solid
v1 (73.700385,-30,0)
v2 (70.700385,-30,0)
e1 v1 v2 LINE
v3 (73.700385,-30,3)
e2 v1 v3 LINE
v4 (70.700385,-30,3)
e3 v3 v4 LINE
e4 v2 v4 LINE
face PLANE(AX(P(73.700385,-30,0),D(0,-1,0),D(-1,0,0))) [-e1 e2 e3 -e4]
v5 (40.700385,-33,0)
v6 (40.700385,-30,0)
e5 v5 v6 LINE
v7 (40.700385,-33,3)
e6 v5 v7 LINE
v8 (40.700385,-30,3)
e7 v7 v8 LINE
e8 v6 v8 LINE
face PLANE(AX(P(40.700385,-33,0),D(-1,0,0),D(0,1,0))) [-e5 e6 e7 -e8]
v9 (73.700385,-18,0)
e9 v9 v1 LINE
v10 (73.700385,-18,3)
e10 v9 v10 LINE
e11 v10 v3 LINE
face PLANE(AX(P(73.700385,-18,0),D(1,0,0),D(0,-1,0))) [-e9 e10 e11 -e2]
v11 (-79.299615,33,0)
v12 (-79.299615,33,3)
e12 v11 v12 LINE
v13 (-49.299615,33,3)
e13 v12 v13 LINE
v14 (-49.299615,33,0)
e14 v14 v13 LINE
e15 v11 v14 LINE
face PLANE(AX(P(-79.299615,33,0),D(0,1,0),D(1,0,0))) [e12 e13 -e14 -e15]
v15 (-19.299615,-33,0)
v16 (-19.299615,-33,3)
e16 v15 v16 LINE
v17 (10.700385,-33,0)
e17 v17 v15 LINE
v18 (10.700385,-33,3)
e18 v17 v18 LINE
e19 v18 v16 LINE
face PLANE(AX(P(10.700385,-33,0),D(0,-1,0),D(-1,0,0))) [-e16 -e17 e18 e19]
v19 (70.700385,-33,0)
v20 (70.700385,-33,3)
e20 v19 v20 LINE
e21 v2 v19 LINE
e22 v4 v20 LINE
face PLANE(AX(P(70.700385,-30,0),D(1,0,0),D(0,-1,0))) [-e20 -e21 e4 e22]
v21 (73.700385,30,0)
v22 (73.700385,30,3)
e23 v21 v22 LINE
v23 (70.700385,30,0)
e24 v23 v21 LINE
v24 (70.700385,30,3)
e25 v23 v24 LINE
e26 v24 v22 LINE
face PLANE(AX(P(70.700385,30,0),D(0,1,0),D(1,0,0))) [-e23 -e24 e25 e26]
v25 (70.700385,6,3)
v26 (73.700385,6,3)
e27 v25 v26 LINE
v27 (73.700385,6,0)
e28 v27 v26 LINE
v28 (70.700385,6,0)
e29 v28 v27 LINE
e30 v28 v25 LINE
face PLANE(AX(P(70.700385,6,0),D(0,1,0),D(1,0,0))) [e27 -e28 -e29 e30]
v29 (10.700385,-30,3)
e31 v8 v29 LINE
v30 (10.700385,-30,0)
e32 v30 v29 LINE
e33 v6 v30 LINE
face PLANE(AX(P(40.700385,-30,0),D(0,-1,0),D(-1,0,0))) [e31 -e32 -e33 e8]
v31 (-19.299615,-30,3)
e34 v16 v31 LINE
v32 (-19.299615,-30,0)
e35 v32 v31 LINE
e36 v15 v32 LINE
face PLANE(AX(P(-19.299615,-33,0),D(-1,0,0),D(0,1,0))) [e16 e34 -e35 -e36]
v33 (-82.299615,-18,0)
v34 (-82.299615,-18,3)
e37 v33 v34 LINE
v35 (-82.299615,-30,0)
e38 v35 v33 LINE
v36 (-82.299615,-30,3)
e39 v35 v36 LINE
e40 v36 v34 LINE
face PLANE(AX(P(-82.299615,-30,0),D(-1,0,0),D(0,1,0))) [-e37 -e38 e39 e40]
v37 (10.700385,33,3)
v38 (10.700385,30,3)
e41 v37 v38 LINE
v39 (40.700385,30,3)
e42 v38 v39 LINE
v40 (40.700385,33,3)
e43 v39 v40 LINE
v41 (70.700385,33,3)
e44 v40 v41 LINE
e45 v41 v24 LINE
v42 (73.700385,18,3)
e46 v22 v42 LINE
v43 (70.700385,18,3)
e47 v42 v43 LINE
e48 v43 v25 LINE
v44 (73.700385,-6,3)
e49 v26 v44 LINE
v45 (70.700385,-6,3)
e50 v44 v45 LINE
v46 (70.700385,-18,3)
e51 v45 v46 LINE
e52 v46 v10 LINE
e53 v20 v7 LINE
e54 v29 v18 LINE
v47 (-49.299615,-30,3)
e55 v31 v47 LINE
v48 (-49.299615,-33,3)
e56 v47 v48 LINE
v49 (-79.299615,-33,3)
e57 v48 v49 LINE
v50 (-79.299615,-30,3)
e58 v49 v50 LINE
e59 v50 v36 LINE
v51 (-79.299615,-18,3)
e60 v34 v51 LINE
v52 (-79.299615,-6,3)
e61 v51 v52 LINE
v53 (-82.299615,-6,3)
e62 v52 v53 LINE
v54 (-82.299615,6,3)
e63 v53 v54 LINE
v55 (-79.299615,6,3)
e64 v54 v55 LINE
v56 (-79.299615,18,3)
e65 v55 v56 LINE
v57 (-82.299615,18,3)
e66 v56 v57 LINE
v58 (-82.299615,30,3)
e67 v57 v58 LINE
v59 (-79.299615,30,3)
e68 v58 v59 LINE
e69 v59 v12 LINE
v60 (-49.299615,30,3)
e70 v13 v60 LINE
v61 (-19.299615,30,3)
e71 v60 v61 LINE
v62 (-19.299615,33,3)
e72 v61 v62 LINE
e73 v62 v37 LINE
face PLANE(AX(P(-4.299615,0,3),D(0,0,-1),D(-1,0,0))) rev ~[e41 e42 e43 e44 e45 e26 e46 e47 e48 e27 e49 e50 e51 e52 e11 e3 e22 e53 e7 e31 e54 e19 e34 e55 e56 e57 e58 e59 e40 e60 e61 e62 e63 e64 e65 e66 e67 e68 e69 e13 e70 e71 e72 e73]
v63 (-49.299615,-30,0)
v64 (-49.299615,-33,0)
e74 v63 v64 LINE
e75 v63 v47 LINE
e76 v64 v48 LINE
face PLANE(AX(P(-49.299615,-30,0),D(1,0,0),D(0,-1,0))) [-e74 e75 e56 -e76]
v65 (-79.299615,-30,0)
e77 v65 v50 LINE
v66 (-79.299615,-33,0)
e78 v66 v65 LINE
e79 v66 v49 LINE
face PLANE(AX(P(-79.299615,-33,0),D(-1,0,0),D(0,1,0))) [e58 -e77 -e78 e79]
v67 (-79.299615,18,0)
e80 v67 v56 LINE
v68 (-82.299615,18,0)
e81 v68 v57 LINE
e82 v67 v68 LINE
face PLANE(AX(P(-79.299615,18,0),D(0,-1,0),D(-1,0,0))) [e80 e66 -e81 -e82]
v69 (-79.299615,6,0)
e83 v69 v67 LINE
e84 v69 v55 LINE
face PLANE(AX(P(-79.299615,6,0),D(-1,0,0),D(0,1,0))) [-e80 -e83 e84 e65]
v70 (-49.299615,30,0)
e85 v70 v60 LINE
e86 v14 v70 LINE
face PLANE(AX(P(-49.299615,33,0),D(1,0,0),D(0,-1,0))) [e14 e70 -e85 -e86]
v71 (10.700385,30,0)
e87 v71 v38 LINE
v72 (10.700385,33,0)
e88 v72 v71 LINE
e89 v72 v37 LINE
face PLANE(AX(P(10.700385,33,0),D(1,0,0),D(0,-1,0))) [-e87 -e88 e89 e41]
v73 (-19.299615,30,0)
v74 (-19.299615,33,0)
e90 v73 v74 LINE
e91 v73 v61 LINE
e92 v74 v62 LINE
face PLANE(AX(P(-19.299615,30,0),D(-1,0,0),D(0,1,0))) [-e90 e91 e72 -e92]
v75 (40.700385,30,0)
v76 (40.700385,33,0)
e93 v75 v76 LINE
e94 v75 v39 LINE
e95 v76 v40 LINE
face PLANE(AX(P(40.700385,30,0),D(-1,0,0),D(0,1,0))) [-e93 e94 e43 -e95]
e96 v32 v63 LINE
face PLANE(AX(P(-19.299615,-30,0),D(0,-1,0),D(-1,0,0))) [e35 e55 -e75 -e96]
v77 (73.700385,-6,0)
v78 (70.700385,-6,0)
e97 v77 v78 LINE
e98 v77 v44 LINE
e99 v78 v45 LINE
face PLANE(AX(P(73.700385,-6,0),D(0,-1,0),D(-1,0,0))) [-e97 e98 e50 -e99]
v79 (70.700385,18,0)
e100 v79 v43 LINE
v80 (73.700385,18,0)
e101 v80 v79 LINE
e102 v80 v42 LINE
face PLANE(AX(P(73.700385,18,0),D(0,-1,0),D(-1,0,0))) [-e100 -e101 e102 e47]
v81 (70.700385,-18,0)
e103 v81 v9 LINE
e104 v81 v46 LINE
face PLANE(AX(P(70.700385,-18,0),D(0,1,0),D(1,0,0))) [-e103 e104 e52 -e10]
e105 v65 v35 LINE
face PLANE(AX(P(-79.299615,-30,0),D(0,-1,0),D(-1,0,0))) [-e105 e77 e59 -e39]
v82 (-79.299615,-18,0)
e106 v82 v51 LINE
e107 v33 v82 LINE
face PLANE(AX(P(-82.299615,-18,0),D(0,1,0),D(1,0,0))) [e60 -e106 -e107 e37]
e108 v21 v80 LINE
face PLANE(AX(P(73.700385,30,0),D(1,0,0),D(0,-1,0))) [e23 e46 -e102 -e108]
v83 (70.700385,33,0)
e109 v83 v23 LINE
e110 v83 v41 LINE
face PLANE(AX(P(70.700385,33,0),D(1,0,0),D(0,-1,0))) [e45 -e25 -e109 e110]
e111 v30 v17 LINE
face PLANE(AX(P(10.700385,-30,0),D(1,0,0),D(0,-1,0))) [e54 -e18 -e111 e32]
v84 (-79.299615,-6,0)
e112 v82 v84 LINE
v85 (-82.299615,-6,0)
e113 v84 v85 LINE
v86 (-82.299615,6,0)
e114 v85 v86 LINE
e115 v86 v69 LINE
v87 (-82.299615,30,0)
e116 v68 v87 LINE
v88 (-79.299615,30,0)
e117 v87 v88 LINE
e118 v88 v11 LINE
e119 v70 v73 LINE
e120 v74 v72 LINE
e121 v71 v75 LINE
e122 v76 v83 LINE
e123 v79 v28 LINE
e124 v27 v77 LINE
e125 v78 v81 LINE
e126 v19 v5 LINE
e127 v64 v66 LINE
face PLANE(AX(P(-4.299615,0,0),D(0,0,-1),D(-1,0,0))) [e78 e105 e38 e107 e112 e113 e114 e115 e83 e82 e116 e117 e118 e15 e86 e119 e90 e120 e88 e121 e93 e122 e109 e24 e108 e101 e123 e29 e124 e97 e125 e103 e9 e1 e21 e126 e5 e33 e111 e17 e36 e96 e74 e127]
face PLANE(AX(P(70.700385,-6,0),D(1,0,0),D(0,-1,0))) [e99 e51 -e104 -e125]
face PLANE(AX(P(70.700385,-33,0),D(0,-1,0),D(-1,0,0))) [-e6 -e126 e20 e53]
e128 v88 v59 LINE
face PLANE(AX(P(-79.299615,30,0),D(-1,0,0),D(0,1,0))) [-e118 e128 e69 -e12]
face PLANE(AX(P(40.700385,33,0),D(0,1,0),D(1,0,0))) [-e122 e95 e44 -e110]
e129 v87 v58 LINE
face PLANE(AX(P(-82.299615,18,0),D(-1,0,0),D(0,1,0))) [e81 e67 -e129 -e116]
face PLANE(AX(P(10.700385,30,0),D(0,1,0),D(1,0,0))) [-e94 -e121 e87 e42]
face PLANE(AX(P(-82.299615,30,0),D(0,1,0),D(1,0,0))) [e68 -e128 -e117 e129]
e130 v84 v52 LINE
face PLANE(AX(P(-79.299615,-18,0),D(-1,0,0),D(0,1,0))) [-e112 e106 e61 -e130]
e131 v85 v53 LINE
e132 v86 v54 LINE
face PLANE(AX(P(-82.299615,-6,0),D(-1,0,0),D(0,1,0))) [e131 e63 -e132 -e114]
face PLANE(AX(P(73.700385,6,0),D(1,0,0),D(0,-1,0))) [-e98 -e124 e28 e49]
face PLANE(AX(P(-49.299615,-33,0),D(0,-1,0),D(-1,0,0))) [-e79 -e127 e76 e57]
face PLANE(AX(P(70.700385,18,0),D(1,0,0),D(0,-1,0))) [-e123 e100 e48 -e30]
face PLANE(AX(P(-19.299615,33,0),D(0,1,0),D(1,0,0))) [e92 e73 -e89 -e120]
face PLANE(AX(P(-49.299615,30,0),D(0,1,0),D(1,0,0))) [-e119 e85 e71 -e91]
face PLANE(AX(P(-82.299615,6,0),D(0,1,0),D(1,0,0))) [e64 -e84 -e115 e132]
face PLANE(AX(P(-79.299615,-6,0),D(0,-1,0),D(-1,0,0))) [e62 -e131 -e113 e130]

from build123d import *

# Parameters (mm, degrees)
RESSALTO_EXTRUS_O1_DEPTH = 3


with BuildPart() as part:
    # Esboço1 → Ressalto-extrusão1 (new body)
    with BuildSketch(Plane.XY):
        Polygon((40.700385396, -30), (10.700385396, -30), (10.700385396, -33), (-19.299614604, -33), (-19.299614604, -30), (-49.299614604, -30), (-49.299614604, -33), (-79.299614604, -33), (-79.299614604, -30), (-82.299614604, -30), (-82.299614604, -18), (-79.299614604, -18), (-79.299614604, -6), (-82.299614604, -6), (-82.299614604, 6), (-79.299614604, 6), (-79.299614604, 18), (-82.299614604, 18), (-82.299614604, 30), (-79.299614604, 30), (-79.299614604, 33), (-49.299614604, 33), (-49.299614604, 30), (-19.299614604, 30), (-19.299614604, 33), (10.700385396, 33), (10.700385396, 30), (40.700385396, 30), (40.700385396, 33), (70.700385396, 33), (70.700385396, 30), (73.700385396, 30), (73.700385396, 18), (70.700385396, 18), (70.700385396, 6), (73.700385396, 6), (73.700385396, -6), (70.700385396, -6), (70.700385396, -18), (73.700385396, -18), (73.700385396, -30), (70.700385396, -30), (70.700385396, -33), (40.700385396, -33), align=None)
    extrude(amount=RESSALTO_EXTRUS_O1_DEPTH)


solid = part.part
